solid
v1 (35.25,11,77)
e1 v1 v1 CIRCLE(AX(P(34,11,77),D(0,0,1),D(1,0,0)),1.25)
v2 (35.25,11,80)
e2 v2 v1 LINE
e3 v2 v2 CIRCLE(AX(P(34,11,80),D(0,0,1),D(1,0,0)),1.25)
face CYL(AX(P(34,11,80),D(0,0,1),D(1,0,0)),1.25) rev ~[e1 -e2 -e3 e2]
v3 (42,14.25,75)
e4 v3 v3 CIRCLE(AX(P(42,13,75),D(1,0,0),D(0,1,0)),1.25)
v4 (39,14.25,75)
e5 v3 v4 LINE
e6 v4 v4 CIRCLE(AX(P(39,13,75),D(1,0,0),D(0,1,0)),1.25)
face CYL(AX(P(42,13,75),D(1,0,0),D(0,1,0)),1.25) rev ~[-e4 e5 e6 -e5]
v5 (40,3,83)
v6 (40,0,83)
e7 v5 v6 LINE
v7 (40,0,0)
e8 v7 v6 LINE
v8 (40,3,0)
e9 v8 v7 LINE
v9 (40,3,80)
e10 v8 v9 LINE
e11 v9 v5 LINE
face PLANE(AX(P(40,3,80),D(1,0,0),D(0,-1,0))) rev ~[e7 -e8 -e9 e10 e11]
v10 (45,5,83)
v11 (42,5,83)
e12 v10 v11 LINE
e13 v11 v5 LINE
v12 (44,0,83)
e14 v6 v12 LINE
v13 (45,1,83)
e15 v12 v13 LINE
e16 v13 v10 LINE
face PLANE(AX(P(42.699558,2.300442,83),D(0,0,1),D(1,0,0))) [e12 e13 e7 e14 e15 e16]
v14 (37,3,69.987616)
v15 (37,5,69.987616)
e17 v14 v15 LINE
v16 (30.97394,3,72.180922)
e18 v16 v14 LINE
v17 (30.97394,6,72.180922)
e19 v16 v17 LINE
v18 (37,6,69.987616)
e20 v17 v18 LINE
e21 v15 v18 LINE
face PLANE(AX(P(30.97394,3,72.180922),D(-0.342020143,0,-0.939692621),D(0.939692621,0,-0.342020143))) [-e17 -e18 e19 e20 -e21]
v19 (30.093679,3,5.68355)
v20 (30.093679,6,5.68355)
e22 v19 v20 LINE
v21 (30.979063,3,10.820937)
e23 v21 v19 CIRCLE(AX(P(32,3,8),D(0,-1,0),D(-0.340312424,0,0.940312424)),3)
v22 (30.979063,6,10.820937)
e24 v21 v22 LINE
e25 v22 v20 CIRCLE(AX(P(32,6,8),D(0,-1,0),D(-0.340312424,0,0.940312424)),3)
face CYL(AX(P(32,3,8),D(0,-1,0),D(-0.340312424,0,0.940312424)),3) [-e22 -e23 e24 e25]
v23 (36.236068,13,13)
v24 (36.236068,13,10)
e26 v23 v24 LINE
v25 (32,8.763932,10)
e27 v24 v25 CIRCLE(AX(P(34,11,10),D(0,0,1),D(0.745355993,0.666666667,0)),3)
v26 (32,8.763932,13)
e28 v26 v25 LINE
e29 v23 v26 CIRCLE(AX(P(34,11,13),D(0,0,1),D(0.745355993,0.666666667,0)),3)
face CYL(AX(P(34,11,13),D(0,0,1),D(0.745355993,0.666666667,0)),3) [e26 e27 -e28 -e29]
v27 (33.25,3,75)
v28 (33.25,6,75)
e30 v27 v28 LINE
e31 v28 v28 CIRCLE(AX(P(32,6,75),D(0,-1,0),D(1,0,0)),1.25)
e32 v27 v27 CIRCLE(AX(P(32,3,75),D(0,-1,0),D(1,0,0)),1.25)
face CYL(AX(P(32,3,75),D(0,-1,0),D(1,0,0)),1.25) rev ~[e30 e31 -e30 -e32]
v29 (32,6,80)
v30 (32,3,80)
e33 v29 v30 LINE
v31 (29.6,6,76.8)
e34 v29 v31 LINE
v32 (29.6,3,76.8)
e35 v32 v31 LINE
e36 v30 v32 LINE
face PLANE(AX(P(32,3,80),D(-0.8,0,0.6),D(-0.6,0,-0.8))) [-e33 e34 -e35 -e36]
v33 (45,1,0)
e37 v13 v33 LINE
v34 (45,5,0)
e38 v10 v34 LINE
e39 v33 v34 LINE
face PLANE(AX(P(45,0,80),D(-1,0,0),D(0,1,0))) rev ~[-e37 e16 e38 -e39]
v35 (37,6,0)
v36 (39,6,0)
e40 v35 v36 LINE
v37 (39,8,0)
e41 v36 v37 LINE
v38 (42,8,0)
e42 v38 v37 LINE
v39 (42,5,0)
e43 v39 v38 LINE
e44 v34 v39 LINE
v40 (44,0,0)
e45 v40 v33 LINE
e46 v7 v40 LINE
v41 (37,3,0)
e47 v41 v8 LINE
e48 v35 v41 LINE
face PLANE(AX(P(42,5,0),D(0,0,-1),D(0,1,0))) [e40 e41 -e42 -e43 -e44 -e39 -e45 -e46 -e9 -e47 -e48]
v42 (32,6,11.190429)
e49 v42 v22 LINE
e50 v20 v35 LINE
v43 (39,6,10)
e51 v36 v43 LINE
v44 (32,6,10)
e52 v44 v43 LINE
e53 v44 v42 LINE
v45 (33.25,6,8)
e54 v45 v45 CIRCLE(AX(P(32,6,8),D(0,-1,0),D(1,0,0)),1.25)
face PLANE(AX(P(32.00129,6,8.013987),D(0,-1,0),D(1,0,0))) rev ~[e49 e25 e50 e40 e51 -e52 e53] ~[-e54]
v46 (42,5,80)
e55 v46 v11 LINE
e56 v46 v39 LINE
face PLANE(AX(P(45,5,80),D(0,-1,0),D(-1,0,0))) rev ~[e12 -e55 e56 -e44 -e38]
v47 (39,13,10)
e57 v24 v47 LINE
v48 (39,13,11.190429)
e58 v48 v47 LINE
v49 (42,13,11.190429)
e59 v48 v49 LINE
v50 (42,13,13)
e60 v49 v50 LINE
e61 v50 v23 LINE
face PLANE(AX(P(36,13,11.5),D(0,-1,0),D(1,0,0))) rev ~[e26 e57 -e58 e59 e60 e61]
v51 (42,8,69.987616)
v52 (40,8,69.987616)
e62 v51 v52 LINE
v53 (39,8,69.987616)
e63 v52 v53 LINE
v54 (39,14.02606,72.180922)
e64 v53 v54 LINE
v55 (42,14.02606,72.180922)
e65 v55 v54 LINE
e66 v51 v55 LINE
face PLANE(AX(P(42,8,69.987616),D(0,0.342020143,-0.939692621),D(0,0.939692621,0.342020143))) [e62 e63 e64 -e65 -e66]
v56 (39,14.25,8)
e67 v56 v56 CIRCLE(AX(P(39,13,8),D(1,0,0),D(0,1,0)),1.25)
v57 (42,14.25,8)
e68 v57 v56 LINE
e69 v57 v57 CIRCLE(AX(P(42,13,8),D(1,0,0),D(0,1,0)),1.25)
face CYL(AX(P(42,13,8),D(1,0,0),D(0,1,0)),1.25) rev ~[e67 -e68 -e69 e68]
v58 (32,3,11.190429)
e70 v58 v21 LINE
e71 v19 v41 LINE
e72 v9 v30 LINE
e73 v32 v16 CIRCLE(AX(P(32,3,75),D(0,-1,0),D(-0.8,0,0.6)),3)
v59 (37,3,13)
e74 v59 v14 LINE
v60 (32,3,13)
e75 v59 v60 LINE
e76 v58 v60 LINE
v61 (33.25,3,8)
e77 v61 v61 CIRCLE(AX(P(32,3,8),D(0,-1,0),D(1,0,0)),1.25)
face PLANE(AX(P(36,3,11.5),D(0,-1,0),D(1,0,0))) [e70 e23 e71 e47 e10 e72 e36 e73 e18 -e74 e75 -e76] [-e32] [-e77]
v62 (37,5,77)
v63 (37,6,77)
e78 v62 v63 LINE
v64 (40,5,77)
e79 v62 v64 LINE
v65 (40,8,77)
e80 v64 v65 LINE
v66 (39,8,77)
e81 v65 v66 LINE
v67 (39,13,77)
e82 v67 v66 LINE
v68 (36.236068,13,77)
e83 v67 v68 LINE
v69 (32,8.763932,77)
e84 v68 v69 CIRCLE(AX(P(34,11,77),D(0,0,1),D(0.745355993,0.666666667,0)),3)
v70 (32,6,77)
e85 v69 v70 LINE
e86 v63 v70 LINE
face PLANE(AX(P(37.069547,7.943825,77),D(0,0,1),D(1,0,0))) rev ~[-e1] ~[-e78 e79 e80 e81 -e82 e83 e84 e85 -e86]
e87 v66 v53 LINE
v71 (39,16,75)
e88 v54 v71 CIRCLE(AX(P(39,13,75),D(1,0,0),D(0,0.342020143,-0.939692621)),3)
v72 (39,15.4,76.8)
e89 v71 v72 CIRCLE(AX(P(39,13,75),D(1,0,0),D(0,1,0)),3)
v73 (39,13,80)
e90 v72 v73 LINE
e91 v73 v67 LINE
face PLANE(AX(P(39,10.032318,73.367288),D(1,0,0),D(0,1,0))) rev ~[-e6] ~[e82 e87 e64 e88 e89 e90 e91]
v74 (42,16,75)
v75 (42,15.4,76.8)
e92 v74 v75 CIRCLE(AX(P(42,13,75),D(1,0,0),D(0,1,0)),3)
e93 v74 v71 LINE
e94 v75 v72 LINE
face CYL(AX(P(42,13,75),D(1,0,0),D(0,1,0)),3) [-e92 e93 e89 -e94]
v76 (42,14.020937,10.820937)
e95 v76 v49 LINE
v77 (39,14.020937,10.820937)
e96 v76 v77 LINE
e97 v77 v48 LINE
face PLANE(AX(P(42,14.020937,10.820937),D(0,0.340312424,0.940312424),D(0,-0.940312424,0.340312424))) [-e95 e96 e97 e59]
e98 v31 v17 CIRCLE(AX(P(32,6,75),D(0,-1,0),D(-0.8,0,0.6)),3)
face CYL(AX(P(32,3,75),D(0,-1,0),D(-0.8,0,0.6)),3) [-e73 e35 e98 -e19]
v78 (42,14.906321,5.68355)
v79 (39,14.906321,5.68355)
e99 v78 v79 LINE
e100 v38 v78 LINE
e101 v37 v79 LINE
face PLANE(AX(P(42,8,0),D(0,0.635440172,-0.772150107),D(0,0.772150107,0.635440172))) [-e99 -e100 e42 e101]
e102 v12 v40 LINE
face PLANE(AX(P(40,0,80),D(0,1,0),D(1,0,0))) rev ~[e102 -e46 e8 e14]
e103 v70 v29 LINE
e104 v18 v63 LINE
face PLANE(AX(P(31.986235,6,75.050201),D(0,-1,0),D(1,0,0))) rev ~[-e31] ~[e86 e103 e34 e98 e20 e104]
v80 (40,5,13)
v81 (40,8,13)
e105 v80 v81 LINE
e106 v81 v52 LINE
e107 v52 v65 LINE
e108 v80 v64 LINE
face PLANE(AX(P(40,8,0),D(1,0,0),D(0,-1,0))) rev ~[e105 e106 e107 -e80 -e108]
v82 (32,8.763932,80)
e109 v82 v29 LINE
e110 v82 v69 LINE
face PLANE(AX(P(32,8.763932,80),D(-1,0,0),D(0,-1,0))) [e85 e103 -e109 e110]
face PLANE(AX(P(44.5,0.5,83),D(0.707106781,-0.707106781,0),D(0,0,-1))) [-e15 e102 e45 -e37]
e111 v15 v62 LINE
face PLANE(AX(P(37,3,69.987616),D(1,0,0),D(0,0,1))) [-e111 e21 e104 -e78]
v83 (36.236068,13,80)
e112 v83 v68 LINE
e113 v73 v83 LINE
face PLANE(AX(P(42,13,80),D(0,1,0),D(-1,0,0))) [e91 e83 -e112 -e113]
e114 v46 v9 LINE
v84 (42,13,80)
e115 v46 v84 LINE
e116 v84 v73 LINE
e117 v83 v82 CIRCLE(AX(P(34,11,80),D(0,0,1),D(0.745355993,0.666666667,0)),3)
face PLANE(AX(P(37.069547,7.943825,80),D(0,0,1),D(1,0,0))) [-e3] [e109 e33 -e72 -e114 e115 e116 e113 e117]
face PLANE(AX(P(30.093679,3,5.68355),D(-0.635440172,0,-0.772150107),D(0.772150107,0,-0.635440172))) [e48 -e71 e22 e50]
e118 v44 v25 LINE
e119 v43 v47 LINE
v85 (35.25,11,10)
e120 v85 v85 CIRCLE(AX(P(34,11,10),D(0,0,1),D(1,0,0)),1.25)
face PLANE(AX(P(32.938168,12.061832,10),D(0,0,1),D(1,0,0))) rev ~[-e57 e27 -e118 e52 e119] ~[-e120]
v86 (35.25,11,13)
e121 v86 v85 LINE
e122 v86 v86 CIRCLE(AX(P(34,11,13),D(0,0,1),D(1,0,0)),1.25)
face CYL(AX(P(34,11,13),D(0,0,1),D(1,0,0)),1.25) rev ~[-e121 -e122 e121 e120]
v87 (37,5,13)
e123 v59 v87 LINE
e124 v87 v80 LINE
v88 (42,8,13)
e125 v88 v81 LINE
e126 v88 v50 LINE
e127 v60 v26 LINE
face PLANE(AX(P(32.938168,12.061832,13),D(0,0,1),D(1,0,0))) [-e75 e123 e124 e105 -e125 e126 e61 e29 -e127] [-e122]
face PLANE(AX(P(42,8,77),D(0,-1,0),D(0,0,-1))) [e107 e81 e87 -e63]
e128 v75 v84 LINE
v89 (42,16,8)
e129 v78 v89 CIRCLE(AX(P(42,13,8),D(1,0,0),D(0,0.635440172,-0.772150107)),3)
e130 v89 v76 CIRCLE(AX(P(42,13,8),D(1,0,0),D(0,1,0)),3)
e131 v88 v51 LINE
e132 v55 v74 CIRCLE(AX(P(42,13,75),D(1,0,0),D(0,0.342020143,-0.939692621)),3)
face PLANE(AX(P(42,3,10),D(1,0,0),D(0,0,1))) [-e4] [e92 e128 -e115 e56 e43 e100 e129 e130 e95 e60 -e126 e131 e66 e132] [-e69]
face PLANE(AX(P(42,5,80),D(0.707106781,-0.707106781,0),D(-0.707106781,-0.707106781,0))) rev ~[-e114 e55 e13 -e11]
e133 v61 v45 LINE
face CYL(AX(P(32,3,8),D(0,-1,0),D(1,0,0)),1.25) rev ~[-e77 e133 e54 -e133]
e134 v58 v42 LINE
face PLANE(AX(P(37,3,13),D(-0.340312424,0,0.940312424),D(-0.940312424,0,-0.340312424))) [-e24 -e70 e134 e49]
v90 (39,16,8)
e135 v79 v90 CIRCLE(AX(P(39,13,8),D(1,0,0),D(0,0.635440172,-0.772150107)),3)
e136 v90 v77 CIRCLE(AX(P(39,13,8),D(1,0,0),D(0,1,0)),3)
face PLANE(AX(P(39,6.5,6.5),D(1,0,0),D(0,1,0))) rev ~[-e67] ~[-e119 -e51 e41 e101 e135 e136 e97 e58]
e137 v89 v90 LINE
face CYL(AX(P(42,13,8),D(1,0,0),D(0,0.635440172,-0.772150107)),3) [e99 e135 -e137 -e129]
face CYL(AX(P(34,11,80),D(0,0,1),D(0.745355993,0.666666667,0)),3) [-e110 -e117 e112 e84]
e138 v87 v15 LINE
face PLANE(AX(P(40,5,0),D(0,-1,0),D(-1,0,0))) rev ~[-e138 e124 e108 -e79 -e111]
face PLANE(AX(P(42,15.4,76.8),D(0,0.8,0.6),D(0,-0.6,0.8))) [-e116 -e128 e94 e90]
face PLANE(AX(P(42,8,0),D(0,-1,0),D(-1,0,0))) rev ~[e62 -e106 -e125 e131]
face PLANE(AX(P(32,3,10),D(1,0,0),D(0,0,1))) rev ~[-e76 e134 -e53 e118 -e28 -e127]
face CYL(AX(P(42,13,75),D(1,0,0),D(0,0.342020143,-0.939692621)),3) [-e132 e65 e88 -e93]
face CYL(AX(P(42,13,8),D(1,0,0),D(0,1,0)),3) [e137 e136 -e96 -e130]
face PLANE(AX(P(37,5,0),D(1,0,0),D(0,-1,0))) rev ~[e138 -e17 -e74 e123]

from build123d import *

# Parameters (mm, degrees)
F1_DEPTH  = 80
F2_R      = 1.25
F3_DEPTH  = 3
F4_DEPTH  = 3
F5_R      = 1.25
F6_DEPTH  = 3
F7_R      = 1.25
F8_DEPTH  = 3
F9_SIZE   = 1
F10_R     = 1.25
F10_W     = 3
F10_H     = 13
F11_DEPTH = 3
F12_W     = 3
F12_H     = 13
F12_R     = 1.25
F13_DEPTH = 3
F14_W     = 8
F14_H     = 3
F14_W_2   = 2
F15_DEPTH = 10
F17_DEPTH = 3
F16_R     = 1.25
F18_DEPTH = 25


with BuildPart() as f1:
    # F0 (on Top) → F1 (new body)
    with BuildSketch(Plane.XY):
        Polygon((40, 3), (40, 0), (45, 0), (45, 5), (42, 5), (42, 8), (40, 8), (40, 5), (37, 5), (37, 3), align=None)
    extrude(amount=F1_DEPTH)

    # F2 (on face) → F3 (join)
    with BuildSketch(Plane.XY.offset(80)):
        with BuildLine():
            Line((32, 3), (37, 3))
            Line((37, 3), (37, 5))
            Line((37, 5), (40, 5))
            Line((40, 5), (40, 8))
            Line((40, 8), (42, 8))
            Line((42, 8), (42, 13))
            Line((42, 13), (36.2360679775, 13))
            ThreePointArc((36.2360679775, 13), (36.8025170769, 12.0704662693), (37, 11))
            ThreePointArc((37, 11), (35.2247448714, 8.2613872125), (32, 8.7639320225))
            Line((32, 8.7639320225), (32, 3))
        make_face()
        with BuildLine():
            ThreePointArc((36.2360679775, 13), (31.8786796564, 13.1213203436), (32, 8.7639320225))
            ThreePointArc((32, 8.7639320225), (35.2247448714, 8.2613872125), (37, 11))
            ThreePointArc((37, 11), (36.8025170769, 12.0704662693), (36.2360679775, 13))
        make_face()
        with Locations((34, 11)):
            Circle(F2_R, mode=Mode.SUBTRACT)
    extrude(amount=-F3_DEPTH)

    # F2 (on face) → F4 (join)
    with BuildSketch(Plane.XY.offset(80)):
        Polygon((42, 5), (40, 3), (40, 0), (45, 0), (45, 5), align=None)
    extrude(amount=F4_DEPTH)

    # F5 (on face) → F6 (join)
    with BuildSketch(Plane.XZ.offset(-3)):
        with BuildLine():
            Line((32, 77), (32, 78))
            ThreePointArc((32, 78), (30.6583592135, 77.683281573), (29.6, 76.8))
            ThreePointArc((29.6, 76.8), (29.1245100257, 74.144688707), (30.97393957, 72.1809221376))
            ThreePointArc((30.97393957, 72.1809221376), (33.7207293091, 72.5425438671), (35, 75))
            ThreePointArc((35, 75), (34.8025170769, 76.0704662693), (34.2360679775, 77))
            Line((34.2360679775, 77), (32, 77))
        make_face()
        with Locations((32, 75)):
            Circle(F5_R, mode=Mode.SUBTRACT)
        with BuildLine():
            ThreePointArc((29.6, 76.8), (30.6583592135, 77.683281573), (32, 78))
            Line((32, 78), (32, 80))
            Line((32, 80), (29.6, 76.8))
        make_face()
        with BuildLine():
            Line((37, 77), (34.2360679775, 77))
            ThreePointArc((34.2360679775, 77), (34.8025170769, 76.0704662693), (35, 75))
            ThreePointArc((35, 75), (33.7207293091, 72.5425438671), (30.97393957, 72.1809221376))
            Line((30.97393957, 72.1809221376), (37, 69.9876155112))
            Line((37, 69.9876155112), (37, 77))
        make_face()
    extrude(amount=-F6_DEPTH)

    # F7 (on face) → F8 (join)
    with BuildSketch(Plane.YZ.offset(42)):
        with BuildLine():
            Line((8, 69.9876155112), (14.02606043, 72.1809221376))
            ThreePointArc((14.02606043, 72.1809221376), (10.5156676094, 73.3183066353), (10.7639320225, 77))
            Line((10.7639320225, 77), (8, 77))
            Line((8, 77), (8, 69.9876155112))
        make_face()
        with BuildLine():
            ThreePointArc((14.02606043, 72.1809221376), (15.4574561329, 73.2792706909), (16, 75))
            ThreePointArc((16, 75), (15.8460498942, 75.9486832981), (15.4, 76.8))
            ThreePointArc((15.4, 76.8), (14.3416407865, 77.683281573), (13, 78))
            Line((13, 78), (13, 77))
            Line((13, 77), (10.7639320225, 77))
            ThreePointArc((10.7639320225, 77), (10.5156676094, 73.3183066353), (14.02606043, 72.1809221376))
        make_face()
        with Locations((13, 75)):
            Circle(F7_R, mode=Mode.SUBTRACT)
        with BuildLine():
            ThreePointArc((13, 78), (14.3416407865, 77.683281573), (15.4, 76.8))
            Line((15.4, 76.8), (13, 80))
            Line((13, 80), (13, 78))
        make_face()
    extrude(amount=-F8_DEPTH)

    # F9
    f9_edges = [f1.edges().sort_by_distance(p)[0] for p in [
        (45, 0, 41.5),
    ]]
    chamfer(f9_edges, length=F9_SIZE)

    # F10 (on face) → F11 (join)
    with BuildSketch(Plane.XZ.offset(-3)):
        with BuildLine():
            ThreePointArc((30.0936794849, 5.6835496781), (33.2808275557, 5.2871637033), (35, 8))
            ThreePointArc((35, 8), (33.7229608507, 10.4558920796), (30.9790627288, 10.8209372712))
            ThreePointArc((30.9790627288, 10.8209372712), (29.0435836969, 8.5095121614), (30.0936794849, 5.6835496781))
        make_face()
        with Locations((32, 8)):
            Circle(F10_R, mode=Mode.SUBTRACT)
        with BuildLine():
            ThreePointArc((30.9790627288, 10.8209372712), (33.7229608507, 10.4558920796), (35, 8))
            ThreePointArc((35, 8), (33.2808275557, 5.2871637033), (30.0936794849, 5.6835496781))
            Line((30.0936794849, 5.6835496781), (37, 0))
            Line((37, 0), (37, 13))
            Line((37, 13), (30.9790627288, 10.8209372712))
        make_face()
        with Locations((38.5, 6.5)):
            Rectangle(F10_W, F10_H)
    extrude(amount=-F11_DEPTH)

    # F12 (on face) → F13 (join)
    with BuildSketch(Plane.YZ.offset(42)):
        with Locations((6.5, 6.5)):
            Rectangle(F12_W, F12_H)
        with BuildLine():
            ThreePointArc((14.9063205151, 5.6835496781), (10.0435836969, 7.4904878386), (14.0209372712, 10.8209372712))
            Line((14.0209372712, 10.8209372712), (8, 13))
            Line((8, 13), (8, 0))
            Line((8, 0), (14.9063205151, 5.6835496781))
        make_face()
        with BuildLine():
            ThreePointArc((14.9063205151, 5.6835496781), (15.7128362967, 6.7191724443), (16, 8))
            ThreePointArc((16, 8), (15.4558920796, 9.7229608507), (14.0209372712, 10.8209372712))
            ThreePointArc((14.0209372712, 10.8209372712), (10.0435836969, 7.4904878386), (14.9063205151, 5.6835496781))
        make_face()
        with Locations((13, 8)):
            Circle(F12_R, mode=Mode.SUBTRACT)
    extrude(amount=-F13_DEPTH)

    # F14 (on face) → F15 (join)
    with BuildSketch(Plane.XZ.offset(-3)):
        with Locations((36, 11.5)):
            Rectangle(F14_W, F14_H)
        with Locations((41, 11.5)):
            Rectangle(F14_W_2, F14_H)
    extrude(amount=-F15_DEPTH)

    # F16 (on face) → F17 (join)
    with BuildSketch(Plane.XY.offset(13)):
        with BuildLine():
            Line((32, 13), (36.2360679775, 13))
            ThreePointArc((36.2360679775, 13), (31.8786796564, 13.1213203436), (32, 8.7639320225))
            Line((32, 8.7639320225), (32, 13))
        make_face()
    extrude(amount=-F17_DEPTH)

    # F16 (on face) → F18 (cut)
    with BuildSketch(Plane.XY.offset(13)):
        with Locations((34, 11)):
            Circle(F16_R)
    extrude(amount=-F18_DEPTH, mode=Mode.SUBTRACT)


solid = f1.part
